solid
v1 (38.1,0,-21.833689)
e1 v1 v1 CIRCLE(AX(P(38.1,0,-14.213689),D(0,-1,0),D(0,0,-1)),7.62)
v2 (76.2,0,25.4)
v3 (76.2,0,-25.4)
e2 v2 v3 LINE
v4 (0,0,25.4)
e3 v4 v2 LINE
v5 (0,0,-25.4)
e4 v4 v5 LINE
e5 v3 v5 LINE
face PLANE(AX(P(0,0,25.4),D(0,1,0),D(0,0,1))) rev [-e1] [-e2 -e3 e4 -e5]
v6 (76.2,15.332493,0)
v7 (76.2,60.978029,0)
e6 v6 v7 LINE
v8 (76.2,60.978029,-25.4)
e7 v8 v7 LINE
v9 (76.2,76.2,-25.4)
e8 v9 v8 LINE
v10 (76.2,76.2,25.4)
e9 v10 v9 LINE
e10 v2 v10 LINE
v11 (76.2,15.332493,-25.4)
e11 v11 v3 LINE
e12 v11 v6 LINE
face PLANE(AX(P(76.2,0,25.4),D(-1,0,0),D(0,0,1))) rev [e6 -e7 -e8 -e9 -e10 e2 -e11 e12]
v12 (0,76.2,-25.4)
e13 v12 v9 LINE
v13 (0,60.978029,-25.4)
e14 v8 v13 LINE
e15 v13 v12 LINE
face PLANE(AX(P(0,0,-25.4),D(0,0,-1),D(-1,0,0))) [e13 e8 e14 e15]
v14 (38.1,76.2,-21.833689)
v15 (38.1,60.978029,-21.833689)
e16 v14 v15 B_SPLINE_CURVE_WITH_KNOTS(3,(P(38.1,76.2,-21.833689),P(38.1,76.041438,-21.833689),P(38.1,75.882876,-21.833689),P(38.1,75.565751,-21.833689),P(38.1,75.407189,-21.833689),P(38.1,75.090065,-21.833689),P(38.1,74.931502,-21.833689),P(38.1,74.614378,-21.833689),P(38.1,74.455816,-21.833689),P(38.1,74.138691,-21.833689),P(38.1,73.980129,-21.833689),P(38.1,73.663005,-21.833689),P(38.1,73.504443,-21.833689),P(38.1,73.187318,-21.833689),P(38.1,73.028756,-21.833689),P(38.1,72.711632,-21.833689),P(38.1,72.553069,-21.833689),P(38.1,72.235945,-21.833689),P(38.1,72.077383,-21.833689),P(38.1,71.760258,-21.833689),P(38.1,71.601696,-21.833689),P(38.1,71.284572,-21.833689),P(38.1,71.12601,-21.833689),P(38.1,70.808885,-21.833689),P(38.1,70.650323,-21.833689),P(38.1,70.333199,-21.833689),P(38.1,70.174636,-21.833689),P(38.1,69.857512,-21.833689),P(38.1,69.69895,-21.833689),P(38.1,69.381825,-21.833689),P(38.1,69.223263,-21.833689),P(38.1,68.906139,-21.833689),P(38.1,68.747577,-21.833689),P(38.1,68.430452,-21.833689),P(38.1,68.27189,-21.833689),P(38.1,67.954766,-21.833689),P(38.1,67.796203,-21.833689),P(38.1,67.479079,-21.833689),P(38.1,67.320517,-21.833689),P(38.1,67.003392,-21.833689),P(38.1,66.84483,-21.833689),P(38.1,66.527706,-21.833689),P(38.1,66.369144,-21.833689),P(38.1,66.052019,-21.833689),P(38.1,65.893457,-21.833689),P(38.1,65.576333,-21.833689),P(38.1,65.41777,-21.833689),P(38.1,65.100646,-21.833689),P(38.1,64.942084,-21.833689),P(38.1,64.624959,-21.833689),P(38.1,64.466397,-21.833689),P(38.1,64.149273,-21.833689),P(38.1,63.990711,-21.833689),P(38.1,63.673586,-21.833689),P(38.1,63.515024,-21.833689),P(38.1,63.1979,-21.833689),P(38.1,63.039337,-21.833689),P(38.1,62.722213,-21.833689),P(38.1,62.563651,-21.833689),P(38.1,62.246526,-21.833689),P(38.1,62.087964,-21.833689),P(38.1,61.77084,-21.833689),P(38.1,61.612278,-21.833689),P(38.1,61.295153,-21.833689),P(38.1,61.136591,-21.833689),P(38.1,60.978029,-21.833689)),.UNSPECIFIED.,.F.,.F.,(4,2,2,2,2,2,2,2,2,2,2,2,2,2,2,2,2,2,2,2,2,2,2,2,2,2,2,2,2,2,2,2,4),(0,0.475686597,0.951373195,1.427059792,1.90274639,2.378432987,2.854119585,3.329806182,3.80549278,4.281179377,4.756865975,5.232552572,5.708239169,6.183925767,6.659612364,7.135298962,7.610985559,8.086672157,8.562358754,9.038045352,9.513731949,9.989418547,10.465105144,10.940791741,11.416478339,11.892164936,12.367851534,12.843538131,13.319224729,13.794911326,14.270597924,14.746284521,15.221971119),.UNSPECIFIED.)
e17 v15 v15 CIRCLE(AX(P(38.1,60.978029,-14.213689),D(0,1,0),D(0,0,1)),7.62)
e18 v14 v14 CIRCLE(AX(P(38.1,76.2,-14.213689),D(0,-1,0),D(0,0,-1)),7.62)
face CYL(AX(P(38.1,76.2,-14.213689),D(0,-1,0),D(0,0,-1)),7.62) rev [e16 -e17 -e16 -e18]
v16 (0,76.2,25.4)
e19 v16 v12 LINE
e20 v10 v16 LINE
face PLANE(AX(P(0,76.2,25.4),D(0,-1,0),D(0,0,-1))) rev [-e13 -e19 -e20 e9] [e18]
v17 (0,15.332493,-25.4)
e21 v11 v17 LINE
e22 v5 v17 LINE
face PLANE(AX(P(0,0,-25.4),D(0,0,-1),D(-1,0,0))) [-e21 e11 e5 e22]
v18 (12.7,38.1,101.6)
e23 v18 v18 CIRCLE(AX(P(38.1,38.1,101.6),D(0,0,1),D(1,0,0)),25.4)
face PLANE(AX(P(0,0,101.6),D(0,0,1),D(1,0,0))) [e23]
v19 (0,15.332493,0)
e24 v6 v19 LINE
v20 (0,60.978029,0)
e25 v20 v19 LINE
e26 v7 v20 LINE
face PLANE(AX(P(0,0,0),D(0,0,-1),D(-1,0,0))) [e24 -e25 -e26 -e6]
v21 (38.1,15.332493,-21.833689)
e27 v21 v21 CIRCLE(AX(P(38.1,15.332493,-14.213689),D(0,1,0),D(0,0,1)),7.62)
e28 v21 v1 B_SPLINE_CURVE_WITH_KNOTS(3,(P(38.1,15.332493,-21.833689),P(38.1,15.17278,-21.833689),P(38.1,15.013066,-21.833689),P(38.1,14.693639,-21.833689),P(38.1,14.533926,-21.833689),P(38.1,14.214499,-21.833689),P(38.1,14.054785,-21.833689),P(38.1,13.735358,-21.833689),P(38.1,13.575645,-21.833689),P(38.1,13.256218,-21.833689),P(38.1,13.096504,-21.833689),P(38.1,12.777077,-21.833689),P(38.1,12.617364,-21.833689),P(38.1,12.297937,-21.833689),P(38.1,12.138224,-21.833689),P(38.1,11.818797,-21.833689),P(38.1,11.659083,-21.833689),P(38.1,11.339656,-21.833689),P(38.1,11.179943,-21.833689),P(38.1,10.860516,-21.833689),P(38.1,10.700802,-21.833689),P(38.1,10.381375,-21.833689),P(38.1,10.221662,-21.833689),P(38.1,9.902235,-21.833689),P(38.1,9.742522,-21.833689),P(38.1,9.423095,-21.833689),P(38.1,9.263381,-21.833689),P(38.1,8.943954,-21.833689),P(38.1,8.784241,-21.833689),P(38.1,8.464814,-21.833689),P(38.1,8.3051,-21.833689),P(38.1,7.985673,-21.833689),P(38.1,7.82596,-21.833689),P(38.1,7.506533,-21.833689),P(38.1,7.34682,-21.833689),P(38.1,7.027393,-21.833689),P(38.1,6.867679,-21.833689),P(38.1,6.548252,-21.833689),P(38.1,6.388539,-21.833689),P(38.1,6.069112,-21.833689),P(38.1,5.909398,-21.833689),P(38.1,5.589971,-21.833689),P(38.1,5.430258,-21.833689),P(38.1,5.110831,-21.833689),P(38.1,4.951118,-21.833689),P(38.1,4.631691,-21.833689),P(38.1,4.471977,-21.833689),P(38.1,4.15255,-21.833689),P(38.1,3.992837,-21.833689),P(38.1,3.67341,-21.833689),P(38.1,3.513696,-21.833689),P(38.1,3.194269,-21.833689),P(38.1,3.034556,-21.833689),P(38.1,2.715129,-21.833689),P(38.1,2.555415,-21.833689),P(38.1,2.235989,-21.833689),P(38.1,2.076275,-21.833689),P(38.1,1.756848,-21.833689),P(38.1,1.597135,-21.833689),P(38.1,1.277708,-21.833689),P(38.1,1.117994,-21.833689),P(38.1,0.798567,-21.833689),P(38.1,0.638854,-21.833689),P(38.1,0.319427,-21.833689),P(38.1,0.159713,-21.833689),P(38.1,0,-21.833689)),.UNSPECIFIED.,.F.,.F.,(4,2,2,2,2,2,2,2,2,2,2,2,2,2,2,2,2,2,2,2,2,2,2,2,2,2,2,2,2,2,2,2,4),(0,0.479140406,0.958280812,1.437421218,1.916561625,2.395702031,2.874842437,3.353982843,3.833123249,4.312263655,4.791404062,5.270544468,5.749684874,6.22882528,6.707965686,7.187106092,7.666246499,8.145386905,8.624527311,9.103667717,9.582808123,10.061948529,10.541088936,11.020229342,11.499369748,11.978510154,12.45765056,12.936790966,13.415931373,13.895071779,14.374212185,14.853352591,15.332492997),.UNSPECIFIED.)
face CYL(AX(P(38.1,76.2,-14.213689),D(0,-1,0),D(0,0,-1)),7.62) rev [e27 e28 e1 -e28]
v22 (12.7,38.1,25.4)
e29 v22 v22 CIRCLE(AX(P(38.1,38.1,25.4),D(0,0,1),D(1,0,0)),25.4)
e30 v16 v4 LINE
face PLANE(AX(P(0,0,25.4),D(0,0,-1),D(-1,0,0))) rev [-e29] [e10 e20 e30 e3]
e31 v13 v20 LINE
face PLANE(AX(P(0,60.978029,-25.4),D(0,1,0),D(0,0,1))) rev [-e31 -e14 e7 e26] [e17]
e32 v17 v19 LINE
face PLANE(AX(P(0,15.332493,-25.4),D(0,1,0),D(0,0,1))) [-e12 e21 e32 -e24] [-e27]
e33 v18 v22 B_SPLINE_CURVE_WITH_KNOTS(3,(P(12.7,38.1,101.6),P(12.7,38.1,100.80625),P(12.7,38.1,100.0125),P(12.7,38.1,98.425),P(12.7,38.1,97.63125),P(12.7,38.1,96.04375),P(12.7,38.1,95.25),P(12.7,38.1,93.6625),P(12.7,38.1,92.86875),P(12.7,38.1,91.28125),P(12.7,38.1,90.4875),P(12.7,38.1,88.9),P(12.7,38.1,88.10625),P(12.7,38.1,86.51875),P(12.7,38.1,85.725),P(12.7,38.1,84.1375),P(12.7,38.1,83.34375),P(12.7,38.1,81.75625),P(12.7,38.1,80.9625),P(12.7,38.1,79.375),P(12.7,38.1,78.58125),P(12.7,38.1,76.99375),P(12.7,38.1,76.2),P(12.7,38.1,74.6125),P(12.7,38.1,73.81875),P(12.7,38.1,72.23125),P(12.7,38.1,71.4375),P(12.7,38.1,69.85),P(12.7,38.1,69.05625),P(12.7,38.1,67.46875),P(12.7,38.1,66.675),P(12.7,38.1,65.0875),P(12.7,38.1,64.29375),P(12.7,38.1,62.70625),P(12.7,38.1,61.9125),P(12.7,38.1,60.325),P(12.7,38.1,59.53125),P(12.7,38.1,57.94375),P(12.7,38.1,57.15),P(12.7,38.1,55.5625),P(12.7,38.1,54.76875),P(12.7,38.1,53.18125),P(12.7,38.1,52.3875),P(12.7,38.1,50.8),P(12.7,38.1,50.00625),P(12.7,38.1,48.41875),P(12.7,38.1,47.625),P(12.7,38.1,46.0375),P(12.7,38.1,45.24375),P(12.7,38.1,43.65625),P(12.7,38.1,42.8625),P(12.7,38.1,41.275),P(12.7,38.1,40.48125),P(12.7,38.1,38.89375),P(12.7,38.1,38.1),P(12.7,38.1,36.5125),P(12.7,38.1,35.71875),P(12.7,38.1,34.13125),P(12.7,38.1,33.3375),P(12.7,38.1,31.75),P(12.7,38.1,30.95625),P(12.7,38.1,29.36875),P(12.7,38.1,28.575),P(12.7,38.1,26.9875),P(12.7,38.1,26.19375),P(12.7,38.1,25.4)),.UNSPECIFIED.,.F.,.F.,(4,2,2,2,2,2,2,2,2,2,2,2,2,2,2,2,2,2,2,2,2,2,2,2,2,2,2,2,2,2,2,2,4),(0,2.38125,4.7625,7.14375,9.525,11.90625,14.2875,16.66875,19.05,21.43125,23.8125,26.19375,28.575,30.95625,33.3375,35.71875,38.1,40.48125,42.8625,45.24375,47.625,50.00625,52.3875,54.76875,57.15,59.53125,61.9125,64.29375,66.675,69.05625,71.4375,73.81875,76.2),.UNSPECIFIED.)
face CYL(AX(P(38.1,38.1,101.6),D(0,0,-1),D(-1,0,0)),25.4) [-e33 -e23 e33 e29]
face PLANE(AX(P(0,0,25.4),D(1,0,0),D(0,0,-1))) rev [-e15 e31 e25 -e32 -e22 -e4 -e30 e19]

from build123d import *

# Parameters (mm, degrees)
SKETCH5_W           = 76.2
SKETCH5_H           = 76.2
BOSS_EXTRUDE3_DEPTH = 25.4
BOSS_EXTRUDE4_DEPTH = 76.2
SKETCH7_W           = 38.1
SKETCH7_H           = 15.221971119
SKETCH7_H_2         = 15.332492997
BOSS_EXTRUDE5_DEPTH = 25.4
SKETCH8_R           = 7.62
CUT_EXTRUDE1_DEPTH  = 149.106178129


with BuildPart() as part:
    # Sketch5 → Boss-Extrude3 (new body)
    with BuildSketch(Plane.XY):
        with Locations((38.1, 38.1)):
            Rectangle(SKETCH5_W, SKETCH5_H)
    extrude(amount=BOSS_EXTRUDE3_DEPTH)

    # Sketch6 → Boss-Extrude4 (add)
    with BuildSketch(Plane.XY.offset(25.4)):
        with BuildLine():
            ThreePointArc((63.5, 38.1), (56.060512242, 56.060512242), (38.1, 63.5))
            Line((38.1, 63.5), (38.1, 38.1))
            Line((38.1, 38.1), (63.5, 38.1))
        make_face()
        with BuildLine():
            Line((38.1, 38.1), (38.1, 63.5))
            ThreePointArc((38.1, 63.5), (20.139487758, 56.060512242), (12.7, 38.1))
            Line((12.7, 38.1), (38.1, 38.1))
        make_face()
        with BuildLine():
            Line((63.5, 38.1), (38.1, 38.1))
            Line((38.1, 38.1), (38.1, 12.7))
            ThreePointArc((38.1, 12.7), (56.060512242, 20.139487758), (63.5, 38.1))
        make_face()
        with BuildLine():
            Line((38.1, 12.7), (38.1, 38.1))
            Line((38.1, 38.1), (12.7, 38.1))
            ThreePointArc((12.7, 38.1), (20.139487758, 20.139487758), (38.1, 12.7))
        make_face()
    extrude(amount=BOSS_EXTRUDE4_DEPTH)

    # Sketch7 → Boss-Extrude5 (add)
    with BuildSketch(Plane(origin=(0, 0, 0), x_dir=(-1, 0, 0), z_dir=(0, 0, -1))):
        with Locations((-57.15, 68.589014441)):
            Rectangle(SKETCH7_W, SKETCH7_H)
        with Locations((-19.05, 68.589014441)):
            Rectangle(SKETCH7_W, SKETCH7_H)
        with Locations((-57.15, 7.666246499)):
            Rectangle(SKETCH7_W, SKETCH7_H_2)
        with Locations((-19.05, 7.666246499)):
            Rectangle(SKETCH7_W, SKETCH7_H_2)
    extrude(amount=BOSS_EXTRUDE5_DEPTH)

    # Sketch8 → Cut-Extrude1 (cut, through all)
    with BuildSketch(Plane.XZ):
        with Locations(Location((38.1, -14.21368923, 0), (0, 0, 270))):
            Circle(SKETCH8_R)
    extrude(amount=-CUT_EXTRUDE1_DEPTH, mode=Mode.SUBTRACT)


solid = part.part
